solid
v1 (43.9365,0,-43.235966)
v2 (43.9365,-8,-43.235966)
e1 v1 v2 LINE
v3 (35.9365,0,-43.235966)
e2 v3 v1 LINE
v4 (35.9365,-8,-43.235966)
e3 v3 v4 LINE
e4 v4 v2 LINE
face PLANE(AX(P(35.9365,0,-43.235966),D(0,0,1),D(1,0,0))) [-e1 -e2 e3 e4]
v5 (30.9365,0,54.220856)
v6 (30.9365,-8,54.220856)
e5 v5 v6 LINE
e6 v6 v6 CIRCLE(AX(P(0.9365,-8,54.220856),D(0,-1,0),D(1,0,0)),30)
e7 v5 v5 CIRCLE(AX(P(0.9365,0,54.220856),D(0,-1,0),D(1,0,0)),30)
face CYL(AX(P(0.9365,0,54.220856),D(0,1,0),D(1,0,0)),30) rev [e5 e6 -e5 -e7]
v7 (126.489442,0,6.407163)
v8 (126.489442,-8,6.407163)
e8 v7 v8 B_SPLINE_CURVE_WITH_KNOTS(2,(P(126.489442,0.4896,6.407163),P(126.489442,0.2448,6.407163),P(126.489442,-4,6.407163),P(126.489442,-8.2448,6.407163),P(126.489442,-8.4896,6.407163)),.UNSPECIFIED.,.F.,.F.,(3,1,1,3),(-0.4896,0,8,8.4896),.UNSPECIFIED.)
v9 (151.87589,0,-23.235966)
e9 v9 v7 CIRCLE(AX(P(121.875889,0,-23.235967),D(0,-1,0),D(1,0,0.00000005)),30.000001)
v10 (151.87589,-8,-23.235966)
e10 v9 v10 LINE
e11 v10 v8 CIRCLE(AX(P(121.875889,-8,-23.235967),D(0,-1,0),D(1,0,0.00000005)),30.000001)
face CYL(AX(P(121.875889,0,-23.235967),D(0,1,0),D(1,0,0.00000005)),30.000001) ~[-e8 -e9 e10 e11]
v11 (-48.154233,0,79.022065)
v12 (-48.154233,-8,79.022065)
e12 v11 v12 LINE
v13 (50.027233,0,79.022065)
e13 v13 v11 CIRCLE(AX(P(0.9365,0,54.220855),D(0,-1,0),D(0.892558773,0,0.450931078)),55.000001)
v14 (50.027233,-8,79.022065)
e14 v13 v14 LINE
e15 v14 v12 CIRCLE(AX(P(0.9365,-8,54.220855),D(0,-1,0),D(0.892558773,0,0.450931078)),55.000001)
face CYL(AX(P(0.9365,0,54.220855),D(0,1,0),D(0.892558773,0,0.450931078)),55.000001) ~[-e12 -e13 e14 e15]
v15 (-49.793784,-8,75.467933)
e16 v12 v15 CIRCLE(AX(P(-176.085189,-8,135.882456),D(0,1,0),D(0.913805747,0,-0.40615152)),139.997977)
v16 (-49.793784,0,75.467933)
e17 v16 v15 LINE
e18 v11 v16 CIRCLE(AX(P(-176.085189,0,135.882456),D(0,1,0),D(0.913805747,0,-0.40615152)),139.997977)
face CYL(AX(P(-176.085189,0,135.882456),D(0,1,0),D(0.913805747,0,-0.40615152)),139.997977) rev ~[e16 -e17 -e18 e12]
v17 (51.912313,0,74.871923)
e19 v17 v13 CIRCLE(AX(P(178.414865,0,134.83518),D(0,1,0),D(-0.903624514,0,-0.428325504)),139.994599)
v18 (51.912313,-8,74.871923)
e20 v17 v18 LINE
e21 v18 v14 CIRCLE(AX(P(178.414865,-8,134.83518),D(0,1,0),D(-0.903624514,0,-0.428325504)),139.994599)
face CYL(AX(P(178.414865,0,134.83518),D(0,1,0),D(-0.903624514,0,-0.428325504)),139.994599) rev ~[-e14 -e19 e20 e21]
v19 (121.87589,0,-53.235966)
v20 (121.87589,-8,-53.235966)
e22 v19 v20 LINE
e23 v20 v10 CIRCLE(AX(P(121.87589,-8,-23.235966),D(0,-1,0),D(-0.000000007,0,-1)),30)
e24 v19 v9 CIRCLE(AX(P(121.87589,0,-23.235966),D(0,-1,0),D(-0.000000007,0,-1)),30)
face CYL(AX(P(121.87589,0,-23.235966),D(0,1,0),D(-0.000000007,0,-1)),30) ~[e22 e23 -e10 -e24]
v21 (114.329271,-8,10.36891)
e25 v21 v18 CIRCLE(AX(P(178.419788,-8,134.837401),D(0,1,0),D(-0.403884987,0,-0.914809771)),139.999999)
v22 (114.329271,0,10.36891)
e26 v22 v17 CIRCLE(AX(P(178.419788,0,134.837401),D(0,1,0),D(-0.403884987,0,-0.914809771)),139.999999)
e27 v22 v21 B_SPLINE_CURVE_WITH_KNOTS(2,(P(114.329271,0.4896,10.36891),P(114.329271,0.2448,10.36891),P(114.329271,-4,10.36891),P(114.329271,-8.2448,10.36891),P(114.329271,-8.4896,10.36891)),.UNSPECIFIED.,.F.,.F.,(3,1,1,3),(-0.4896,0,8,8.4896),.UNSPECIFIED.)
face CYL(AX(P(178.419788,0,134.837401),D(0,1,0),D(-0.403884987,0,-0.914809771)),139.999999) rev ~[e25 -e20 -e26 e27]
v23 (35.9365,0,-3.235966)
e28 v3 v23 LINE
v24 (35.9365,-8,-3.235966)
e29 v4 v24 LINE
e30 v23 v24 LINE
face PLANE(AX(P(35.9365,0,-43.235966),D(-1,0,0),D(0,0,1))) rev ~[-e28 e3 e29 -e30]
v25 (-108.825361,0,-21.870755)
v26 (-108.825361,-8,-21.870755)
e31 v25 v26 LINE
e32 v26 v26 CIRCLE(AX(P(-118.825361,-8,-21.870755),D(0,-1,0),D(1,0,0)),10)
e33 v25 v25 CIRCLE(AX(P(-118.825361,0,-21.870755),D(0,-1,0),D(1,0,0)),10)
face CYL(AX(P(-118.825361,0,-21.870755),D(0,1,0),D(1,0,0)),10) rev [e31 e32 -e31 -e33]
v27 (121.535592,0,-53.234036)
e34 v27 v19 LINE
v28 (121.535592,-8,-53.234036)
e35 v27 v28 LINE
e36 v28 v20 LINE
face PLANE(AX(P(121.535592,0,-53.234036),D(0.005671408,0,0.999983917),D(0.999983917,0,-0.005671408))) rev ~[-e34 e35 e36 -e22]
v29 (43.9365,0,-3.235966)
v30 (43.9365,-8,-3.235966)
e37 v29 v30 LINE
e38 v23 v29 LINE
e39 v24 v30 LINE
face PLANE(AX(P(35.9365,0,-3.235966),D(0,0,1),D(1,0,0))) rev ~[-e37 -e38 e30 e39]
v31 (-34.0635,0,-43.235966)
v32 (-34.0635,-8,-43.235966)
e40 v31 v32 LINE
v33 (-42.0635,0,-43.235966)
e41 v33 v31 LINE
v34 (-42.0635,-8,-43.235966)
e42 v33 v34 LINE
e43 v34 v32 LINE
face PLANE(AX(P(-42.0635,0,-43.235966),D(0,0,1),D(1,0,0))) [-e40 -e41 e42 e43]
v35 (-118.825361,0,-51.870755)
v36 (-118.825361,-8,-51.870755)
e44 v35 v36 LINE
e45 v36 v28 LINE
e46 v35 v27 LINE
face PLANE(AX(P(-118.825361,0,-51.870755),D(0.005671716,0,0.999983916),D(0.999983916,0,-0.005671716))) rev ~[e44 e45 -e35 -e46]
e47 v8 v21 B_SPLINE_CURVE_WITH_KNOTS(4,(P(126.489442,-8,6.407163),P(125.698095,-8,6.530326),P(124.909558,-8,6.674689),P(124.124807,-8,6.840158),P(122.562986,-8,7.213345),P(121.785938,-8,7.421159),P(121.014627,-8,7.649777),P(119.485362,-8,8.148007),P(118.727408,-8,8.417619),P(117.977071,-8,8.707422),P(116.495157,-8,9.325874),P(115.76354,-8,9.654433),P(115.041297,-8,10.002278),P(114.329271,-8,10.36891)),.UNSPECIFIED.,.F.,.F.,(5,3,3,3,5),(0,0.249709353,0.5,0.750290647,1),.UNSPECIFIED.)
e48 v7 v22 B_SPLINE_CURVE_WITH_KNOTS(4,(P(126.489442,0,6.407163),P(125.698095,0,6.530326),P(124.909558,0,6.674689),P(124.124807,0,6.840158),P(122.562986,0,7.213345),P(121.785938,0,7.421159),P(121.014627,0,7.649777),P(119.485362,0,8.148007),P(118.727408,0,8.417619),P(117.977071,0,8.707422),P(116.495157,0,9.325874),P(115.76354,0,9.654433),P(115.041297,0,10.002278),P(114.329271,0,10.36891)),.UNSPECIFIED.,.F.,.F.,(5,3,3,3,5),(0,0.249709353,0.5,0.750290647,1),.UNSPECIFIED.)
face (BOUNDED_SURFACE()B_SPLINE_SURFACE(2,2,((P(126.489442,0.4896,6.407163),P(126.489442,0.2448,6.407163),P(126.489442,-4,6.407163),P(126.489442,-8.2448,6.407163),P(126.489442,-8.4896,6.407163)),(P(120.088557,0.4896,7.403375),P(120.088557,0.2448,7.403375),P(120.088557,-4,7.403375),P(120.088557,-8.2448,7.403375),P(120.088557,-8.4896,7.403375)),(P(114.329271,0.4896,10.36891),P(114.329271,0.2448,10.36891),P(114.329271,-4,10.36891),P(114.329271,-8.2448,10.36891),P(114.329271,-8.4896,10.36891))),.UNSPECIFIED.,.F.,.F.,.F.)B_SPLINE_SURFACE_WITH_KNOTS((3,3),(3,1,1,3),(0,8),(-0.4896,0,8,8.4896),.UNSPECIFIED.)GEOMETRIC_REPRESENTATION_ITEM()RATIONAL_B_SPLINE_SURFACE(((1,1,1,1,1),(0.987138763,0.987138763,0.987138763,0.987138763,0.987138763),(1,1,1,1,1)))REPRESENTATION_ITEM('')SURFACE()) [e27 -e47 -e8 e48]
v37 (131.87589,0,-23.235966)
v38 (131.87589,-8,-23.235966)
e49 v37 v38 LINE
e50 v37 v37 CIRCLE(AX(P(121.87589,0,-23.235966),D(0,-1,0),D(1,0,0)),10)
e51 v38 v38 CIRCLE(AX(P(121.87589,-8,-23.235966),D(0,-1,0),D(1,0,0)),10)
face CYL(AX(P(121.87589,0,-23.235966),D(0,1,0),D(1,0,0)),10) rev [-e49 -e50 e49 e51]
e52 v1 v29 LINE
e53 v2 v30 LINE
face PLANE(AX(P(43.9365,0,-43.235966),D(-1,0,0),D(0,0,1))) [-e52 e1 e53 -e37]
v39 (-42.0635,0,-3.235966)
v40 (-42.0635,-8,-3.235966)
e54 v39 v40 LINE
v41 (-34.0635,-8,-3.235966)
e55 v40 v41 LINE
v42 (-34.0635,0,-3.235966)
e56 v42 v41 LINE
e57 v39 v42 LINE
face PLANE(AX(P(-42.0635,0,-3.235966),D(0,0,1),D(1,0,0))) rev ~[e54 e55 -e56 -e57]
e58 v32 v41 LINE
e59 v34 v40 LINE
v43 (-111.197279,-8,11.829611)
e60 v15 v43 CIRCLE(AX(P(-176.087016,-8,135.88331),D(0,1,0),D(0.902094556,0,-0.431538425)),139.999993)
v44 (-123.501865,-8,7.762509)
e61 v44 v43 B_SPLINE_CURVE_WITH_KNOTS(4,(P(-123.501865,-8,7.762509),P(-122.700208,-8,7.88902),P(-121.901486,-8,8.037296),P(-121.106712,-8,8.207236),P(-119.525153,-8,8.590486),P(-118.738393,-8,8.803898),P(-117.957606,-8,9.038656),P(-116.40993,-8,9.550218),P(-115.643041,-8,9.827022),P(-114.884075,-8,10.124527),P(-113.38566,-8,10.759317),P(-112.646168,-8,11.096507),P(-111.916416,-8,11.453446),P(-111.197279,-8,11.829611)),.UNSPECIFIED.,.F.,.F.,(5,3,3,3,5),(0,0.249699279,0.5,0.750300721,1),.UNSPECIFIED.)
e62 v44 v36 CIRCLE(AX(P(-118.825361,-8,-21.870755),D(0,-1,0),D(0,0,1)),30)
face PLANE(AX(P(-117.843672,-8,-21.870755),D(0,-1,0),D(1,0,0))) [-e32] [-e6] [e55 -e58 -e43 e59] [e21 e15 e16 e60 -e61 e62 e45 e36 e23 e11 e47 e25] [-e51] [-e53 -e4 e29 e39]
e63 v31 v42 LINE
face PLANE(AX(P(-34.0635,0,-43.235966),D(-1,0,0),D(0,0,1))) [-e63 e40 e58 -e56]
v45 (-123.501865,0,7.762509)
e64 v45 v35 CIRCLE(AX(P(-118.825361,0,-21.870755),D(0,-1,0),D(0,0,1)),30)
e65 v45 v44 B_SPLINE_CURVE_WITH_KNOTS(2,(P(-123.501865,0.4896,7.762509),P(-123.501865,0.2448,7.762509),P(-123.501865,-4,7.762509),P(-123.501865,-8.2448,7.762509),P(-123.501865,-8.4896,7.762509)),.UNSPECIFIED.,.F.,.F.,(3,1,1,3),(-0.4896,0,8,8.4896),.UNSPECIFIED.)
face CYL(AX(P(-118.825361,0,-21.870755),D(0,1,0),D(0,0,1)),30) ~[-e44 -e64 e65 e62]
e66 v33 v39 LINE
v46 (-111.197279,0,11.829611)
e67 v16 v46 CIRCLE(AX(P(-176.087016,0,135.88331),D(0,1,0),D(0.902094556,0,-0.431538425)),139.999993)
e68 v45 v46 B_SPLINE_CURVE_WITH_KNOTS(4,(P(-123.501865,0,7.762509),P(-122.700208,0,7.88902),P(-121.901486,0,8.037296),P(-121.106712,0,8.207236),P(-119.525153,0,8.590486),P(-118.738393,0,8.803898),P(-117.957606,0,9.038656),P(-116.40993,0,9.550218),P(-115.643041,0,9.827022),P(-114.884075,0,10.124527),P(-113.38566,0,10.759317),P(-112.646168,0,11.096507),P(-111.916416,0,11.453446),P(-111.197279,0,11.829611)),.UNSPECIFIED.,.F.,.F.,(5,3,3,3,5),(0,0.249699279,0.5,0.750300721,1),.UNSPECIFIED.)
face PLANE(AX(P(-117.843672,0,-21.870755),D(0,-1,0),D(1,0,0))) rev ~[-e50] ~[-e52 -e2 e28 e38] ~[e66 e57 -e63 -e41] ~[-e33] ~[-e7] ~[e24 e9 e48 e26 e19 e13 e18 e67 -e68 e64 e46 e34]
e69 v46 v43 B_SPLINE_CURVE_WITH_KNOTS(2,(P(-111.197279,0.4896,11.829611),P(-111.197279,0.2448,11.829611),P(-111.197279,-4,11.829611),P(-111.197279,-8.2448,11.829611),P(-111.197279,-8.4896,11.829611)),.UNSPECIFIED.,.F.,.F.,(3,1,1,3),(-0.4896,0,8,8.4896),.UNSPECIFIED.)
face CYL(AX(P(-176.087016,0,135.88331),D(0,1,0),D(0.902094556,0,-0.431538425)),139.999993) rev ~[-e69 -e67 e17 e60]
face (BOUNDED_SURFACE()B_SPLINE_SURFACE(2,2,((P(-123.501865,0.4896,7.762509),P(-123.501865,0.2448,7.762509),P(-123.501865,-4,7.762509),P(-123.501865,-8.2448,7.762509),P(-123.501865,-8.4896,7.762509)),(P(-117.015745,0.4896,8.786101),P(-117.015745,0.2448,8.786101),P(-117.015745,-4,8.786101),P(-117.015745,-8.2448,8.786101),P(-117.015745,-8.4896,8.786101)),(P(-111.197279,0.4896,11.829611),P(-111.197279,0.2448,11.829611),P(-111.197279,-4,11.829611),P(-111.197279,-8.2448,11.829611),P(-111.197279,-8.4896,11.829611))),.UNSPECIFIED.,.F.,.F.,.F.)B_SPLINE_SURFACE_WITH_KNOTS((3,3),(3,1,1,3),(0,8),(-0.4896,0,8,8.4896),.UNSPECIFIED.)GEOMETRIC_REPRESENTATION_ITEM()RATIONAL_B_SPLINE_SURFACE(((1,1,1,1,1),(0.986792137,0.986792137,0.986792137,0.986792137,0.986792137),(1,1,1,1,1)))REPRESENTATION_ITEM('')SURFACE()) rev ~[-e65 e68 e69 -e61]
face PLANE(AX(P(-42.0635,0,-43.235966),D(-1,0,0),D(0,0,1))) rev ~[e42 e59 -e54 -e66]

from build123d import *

# Parameters (mm, degrees)
F0_R     = 10
F0_W     = 8
F0_H     = 40
F0_R_2   = 30
F1_DEPTH = 8
F2_R     = 40


with BuildPart() as f1:
    # F0 (on Front) → F1 (new body)
    with BuildSketch(Plane.XZ):
        with BuildLine():
            ThreePointArc((-118.825361, -51.870755), (-97.612157, -43.083959), (-88.825361, -21.870755))
            ThreePointArc((-88.825361, -21.870755), (-97.612157, -0.657552), (-118.825361, 8.129245))
            ThreePointArc((-118.825361, 8.129245), (-148.825361, -21.870755), (-118.825361, -51.870755))
        make_face()
        with Locations((-118.825361, -21.870755)):
            Circle(F0_R, mode=Mode.SUBTRACT)
        with BuildLine():
            ThreePointArc((-118.825361, 8.129245), (-97.612157, -0.657552), (-88.825361, -21.870755))
            ThreePointArc((-88.825361, -21.870755), (-97.612157, -43.083959), (-118.825361, -51.870755))
            Line((-118.825361, -51.870755), (121.535592, -53.234036))
            ThreePointArc((121.535592, -53.234036), (91.876372, -23.065815), (121.87589, 6.764034))
            ThreePointArc((121.87589, 6.764034), (80.764156, 34.521015), (51.912313, 74.871923))
            ThreePointArc((51.912313, 74.871923), (54.92108, 64.740607), (55.9365, 54.220856))
            ThreePointArc((55.9365, 54.220856), (-9.899421, 0.298849), (-49.793784, 75.467933))
            ThreePointArc((-49.793784, 75.467933), (-78.328518, 35.667172), (-118.825361, 8.129245))
        make_face()
        with Locations((-38.0635, -23.235966)):
            Rectangle(F0_W, F0_H, mode=Mode.SUBTRACT)
        with Locations((39.9365, -23.235966)):
            Rectangle(F0_W, F0_H, mode=Mode.SUBTRACT)
        with BuildLine():
            ThreePointArc((-48.154233, 79.022065), (-48.961587, 77.239269), (-49.793784, 75.467933))
            ThreePointArc((-49.793784, 75.467933), (-9.899421, 0.298849), (55.9365, 54.220856))
            ThreePointArc((55.9365, 54.220856), (54.92108, 64.740607), (51.912313, 74.871923))
            ThreePointArc((51.912313, 74.871923), (50.952881, 76.939321), (50.027233, 79.022065))
            ThreePointArc((50.027233, 79.022065), (0.9365, 109.220856), (-48.154233, 79.022065))
        make_face()
        with Locations((0.9365, 54.220856)):
            Circle(F0_R_2, mode=Mode.SUBTRACT)
        with BuildLine():
            ThreePointArc((121.87589, 6.764034), (91.876372, -23.065815), (121.535592, -53.234036))
            Line((121.535592, -53.234036), (121.87589, -53.235966))
            ThreePointArc((121.87589, -53.235966), (143.089093, -44.44917), (151.87589, -23.235966))
            ThreePointArc((151.87589, -23.235966), (143.089093, -2.022763), (121.87589, 6.764034))
        make_face()
        with Locations((121.87589, -23.235966)):
            Circle(F0_R, mode=Mode.SUBTRACT)
    extrude(amount=F1_DEPTH)

    # F2
    f2_edges = [f1.edges().sort_by_distance(p)[0] for p in [
        (-118.825361, -4, 8.129245),
        (121.87589, -4, 6.764034),
    ]]
    fillet(f2_edges, radius=F2_R)


solid = f1.part
